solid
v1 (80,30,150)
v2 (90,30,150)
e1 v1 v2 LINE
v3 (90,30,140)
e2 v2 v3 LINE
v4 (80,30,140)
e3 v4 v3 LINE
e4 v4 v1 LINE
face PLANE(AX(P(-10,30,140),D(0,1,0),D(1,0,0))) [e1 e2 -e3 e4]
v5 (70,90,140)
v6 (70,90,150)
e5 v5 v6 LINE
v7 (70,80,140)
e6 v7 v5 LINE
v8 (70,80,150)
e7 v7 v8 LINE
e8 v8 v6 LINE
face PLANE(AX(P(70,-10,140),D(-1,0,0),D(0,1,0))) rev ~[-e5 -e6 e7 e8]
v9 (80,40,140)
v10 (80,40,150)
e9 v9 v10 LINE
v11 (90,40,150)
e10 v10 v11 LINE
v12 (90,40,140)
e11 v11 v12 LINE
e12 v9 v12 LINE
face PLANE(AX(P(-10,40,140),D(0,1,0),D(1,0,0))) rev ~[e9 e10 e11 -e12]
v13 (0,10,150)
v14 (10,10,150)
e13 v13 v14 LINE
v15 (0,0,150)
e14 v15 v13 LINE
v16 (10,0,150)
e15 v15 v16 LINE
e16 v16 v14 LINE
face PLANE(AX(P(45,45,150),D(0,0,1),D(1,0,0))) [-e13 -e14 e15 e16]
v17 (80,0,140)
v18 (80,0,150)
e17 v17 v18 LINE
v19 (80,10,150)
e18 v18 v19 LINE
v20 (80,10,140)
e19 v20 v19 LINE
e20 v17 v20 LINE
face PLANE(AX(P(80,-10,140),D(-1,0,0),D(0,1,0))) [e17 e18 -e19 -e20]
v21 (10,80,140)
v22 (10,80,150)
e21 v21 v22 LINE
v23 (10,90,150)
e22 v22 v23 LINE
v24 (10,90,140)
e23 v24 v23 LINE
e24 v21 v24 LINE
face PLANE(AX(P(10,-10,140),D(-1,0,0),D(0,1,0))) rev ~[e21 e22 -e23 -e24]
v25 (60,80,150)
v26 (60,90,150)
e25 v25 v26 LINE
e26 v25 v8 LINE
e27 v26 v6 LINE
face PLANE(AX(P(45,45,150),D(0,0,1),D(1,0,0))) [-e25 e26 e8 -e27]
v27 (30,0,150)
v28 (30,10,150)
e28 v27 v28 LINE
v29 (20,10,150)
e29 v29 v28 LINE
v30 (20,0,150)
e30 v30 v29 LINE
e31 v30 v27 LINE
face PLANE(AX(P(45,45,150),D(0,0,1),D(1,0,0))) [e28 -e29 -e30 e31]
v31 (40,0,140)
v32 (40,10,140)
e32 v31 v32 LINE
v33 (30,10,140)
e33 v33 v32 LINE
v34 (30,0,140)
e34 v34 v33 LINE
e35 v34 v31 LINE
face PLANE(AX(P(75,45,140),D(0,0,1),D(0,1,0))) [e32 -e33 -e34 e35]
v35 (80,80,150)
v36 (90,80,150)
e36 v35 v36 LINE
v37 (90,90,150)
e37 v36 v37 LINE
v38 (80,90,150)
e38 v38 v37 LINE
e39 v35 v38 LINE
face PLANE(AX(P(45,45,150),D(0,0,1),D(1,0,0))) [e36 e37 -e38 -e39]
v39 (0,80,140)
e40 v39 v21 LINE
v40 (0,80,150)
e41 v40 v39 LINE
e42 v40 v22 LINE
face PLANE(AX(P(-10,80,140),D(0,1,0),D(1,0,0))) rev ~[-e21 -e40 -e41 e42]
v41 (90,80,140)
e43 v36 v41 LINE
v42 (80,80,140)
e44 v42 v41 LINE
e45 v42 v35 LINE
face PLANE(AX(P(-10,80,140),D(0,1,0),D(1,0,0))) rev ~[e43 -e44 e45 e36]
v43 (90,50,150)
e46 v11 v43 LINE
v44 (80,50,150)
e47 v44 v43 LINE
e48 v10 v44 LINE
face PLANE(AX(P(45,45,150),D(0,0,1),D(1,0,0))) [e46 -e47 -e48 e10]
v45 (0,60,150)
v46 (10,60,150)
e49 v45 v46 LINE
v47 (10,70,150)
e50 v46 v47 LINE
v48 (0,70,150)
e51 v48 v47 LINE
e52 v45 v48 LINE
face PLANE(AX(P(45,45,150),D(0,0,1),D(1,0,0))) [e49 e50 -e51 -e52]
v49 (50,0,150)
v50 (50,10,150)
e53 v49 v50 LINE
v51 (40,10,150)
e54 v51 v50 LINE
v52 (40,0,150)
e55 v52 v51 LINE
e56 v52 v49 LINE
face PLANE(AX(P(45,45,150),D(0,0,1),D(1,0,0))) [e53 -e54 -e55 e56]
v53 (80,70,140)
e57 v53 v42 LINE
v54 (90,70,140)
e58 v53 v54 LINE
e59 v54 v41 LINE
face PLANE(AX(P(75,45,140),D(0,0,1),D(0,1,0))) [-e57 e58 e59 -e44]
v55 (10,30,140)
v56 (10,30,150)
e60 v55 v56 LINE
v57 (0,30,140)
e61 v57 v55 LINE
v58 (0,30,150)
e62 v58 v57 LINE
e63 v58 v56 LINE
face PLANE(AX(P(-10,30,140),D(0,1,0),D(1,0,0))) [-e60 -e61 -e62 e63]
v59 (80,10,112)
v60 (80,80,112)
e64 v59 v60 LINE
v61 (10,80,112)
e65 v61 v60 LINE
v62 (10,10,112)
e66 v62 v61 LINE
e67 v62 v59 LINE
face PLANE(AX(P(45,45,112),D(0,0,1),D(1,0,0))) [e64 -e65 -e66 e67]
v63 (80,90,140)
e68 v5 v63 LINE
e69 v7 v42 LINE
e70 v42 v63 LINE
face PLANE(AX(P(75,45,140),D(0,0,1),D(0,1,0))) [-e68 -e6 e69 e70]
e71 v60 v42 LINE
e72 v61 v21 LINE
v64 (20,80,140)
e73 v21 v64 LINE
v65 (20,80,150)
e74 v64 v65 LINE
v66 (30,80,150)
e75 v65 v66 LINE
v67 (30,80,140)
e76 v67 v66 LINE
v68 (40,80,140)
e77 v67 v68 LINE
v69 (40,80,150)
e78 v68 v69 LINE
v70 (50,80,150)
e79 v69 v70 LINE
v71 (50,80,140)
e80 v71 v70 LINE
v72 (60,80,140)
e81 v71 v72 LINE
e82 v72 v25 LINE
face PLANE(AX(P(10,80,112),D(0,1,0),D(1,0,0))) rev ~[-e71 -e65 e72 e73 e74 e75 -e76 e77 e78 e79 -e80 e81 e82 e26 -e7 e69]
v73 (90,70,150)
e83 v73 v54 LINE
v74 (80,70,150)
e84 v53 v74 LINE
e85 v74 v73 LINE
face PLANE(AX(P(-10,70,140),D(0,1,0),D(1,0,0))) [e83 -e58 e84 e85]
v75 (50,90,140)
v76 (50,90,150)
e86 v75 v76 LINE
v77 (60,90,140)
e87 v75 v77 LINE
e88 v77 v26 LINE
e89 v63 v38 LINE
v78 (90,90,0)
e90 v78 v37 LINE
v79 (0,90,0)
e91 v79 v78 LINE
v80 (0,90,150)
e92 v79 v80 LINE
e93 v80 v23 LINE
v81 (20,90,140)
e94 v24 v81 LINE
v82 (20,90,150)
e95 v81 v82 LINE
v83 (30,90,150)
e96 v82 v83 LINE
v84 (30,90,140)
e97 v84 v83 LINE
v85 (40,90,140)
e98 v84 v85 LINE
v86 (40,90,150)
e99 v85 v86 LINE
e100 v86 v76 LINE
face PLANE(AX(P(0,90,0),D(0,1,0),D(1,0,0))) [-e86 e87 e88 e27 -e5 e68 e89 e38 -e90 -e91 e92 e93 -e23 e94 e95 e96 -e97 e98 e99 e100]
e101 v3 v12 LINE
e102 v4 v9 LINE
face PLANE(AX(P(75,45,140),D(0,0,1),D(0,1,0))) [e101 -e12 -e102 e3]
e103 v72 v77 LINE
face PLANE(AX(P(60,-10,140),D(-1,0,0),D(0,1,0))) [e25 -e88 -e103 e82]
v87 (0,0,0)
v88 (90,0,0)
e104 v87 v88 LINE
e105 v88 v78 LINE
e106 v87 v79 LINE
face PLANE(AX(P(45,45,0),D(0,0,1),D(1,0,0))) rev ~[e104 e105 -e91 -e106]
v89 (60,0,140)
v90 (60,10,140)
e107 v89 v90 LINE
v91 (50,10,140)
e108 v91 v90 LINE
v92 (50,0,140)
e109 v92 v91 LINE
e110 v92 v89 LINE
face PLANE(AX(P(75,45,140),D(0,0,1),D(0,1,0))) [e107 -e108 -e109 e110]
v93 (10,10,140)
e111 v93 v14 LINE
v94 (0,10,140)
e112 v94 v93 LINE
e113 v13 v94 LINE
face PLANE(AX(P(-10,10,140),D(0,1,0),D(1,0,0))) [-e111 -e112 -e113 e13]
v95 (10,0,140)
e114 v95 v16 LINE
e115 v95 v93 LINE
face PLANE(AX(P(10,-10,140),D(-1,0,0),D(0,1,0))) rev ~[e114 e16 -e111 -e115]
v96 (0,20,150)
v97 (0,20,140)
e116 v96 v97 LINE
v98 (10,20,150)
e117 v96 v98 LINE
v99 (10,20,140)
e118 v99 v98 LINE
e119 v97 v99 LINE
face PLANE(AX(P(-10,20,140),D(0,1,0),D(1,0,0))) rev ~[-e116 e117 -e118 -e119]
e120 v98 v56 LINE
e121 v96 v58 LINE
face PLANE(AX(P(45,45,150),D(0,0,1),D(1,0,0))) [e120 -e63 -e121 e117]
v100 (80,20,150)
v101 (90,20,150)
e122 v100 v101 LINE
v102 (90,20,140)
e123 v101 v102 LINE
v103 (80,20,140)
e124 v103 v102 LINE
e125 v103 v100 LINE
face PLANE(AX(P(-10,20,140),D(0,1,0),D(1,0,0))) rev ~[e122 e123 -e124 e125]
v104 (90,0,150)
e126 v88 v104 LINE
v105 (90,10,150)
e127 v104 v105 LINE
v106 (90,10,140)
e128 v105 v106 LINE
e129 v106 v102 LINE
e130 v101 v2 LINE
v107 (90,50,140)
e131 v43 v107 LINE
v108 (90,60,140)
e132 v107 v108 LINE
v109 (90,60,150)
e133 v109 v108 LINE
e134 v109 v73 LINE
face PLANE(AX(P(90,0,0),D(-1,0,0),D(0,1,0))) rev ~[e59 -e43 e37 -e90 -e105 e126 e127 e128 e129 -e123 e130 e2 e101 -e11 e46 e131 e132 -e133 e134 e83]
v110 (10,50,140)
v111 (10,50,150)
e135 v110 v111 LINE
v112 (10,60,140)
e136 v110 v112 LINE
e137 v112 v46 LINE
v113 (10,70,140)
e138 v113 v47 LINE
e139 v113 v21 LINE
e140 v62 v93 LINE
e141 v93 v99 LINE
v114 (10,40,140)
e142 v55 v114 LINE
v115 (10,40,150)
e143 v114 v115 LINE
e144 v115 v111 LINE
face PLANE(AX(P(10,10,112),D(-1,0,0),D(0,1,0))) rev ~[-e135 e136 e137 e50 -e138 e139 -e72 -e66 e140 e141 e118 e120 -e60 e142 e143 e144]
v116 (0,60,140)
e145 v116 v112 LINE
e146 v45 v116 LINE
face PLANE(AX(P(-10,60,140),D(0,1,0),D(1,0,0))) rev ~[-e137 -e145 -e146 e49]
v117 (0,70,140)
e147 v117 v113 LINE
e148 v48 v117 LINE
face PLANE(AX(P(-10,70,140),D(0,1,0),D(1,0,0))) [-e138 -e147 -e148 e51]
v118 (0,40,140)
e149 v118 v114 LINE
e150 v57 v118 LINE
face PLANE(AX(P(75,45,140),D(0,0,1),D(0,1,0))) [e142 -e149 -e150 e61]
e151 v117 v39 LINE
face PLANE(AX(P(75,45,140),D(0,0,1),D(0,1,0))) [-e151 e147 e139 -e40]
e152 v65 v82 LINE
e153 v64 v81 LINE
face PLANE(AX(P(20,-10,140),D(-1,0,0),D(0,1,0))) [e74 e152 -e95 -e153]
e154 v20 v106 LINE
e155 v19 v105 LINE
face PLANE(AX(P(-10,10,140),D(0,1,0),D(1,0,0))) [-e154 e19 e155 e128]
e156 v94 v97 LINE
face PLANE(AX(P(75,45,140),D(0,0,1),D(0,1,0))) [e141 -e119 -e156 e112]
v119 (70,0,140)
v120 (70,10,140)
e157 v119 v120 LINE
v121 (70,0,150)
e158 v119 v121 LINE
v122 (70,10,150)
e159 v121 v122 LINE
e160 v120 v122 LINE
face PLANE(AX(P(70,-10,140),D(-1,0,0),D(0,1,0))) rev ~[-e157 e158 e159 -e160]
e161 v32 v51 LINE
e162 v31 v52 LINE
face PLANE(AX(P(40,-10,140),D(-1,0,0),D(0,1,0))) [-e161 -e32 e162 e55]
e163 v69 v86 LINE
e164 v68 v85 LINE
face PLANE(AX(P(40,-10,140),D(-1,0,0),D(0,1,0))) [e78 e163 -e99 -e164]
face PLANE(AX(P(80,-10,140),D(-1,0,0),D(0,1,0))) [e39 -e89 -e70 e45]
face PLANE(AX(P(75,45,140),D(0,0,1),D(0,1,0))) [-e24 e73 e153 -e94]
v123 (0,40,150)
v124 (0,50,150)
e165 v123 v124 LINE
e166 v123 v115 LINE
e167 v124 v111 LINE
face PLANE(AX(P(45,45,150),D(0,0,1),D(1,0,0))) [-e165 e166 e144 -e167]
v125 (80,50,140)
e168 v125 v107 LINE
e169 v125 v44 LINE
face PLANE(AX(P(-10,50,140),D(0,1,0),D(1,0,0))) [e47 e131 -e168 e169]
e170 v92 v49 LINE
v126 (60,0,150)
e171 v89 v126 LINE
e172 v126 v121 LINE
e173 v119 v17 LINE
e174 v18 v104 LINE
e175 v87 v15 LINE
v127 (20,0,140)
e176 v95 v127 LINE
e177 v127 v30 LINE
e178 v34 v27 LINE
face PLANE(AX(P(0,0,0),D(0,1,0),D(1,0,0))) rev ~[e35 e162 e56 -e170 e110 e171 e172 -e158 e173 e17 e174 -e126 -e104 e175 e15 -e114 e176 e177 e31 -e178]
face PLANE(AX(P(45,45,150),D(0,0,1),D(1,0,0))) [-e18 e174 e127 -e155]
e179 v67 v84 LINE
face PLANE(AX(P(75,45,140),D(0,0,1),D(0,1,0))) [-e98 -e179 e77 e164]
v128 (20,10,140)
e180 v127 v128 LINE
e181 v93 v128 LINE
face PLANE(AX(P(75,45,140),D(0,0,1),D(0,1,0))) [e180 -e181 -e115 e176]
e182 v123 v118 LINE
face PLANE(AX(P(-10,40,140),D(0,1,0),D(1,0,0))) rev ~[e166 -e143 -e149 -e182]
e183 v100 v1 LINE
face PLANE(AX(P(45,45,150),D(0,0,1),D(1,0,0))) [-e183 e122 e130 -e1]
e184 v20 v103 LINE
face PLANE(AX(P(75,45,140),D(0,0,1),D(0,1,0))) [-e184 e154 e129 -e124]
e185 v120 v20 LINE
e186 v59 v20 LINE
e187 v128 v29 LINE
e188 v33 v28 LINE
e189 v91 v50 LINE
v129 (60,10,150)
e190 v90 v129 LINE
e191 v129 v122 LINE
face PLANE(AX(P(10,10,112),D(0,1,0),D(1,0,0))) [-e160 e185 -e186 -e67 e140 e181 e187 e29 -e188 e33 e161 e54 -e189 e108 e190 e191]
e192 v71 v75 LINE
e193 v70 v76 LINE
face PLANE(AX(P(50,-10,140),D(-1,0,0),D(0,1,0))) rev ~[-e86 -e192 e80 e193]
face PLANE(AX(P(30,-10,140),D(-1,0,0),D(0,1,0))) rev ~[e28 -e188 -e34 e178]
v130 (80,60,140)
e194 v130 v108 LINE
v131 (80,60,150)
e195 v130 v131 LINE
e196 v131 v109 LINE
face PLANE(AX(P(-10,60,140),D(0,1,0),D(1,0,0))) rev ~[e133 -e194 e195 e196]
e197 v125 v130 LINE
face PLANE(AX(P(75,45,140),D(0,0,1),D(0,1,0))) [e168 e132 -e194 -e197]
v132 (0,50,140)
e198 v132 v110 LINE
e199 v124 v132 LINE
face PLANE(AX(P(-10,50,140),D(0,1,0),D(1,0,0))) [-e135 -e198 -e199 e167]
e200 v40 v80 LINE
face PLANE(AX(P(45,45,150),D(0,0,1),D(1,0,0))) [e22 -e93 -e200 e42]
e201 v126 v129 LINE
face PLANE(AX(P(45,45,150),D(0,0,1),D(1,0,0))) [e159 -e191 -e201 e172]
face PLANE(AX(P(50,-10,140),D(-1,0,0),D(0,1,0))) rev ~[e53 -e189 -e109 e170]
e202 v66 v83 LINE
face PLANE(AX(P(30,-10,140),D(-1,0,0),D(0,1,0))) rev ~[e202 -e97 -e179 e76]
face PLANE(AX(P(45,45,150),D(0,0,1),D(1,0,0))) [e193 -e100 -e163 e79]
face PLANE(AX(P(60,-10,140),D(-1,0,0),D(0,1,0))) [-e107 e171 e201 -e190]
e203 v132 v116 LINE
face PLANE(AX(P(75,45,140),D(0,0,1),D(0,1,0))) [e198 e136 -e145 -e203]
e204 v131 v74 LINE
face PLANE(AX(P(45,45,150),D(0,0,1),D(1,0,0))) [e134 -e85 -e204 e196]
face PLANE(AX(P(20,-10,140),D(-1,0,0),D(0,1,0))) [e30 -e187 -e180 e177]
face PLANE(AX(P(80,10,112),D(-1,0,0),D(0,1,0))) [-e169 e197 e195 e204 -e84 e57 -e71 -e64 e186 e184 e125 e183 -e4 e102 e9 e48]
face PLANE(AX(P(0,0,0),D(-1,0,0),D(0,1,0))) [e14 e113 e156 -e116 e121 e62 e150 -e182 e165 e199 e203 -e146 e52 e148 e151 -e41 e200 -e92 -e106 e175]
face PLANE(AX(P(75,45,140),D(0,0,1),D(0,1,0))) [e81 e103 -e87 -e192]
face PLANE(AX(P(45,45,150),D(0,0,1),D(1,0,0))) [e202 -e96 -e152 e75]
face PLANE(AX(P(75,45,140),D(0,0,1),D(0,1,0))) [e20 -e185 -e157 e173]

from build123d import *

# Parameters (mm, degrees)
BOX001_W                 = 110
BOX001_H                 = 10
BOX001_DEPTH             = 10
ARRAY001_Y_COUNT         = 4
ARRAY001_Y_PITCH         = 20
ARRAY001_PLACEMENT_ANGLE = 90
BOX_W                    = 110
BOX_H                    = 10
BOX_DEPTH                = 10
ARRAY_Y_COUNT            = 4
ARRAY_Y_PITCH            = 20
BOX003_W                 = 70
BOX003_H                 = 70
BOX003_DEPTH             = 60
BOX002_W                 = 90
BOX002_H                 = 90
BOX002_DEPTH             = 150


with BuildPart() as array001:
    # Box001 → Box001 (new body)
    with BuildSketch(Plane.XY):
        with Locations((55, 5)):
            Rectangle(BOX001_W, BOX001_H)
    extrude(amount=BOX001_DEPTH)

    # Array001 Y: Array001 ×4


with BuildPart() as array001_1:
    add(array001.part)
    with Locations(*[(0, i * ARRAY001_Y_PITCH, 0) for i in range(1, ARRAY001_Y_COUNT)]):
        add(array001.part)


with BuildPart() as array001_2:
    # Array001 placement: moved
    add(array001_1.part.moved(Location((90, -20, 0))).rotate(Axis((90, -20, 0), (0, 0, 1)), ARRAY001_PLACEMENT_ANGLE))


with BuildPart() as fusion:
    # Box → Box (new body)
    with BuildSketch(Plane.XY):
        with Locations((55, 5)):
            Rectangle(BOX_W, BOX_H)
    extrude(amount=BOX_DEPTH)

    # Array Y: Fusion ×4


with BuildPart() as fusion_1:
    add(fusion.part)
    with Locations(*[(0, i * ARRAY_Y_PITCH, 0) for i in range(1, ARRAY_Y_COUNT)]):
        add(fusion.part)

    # Fusion: union Array001
    add(array001_2.part)


with BuildPart() as fusion_2:
    # Fusion placement: moved
    add(fusion_1.part.moved(Location((-10, 10, 140))))


with BuildPart() as cub002:
    # Box003 → Box003 (new body)
    with BuildSketch(Plane(origin=(10, 10, 112), x_dir=(1, 0, 0), z_dir=(0, 0, 1))):
        with Locations((35, 35)):
            Rectangle(BOX003_W, BOX003_H)
    extrude(amount=BOX003_DEPTH)


with BuildPart() as tower_with_battelment:
    # Box002 → Box002 (new body)
    with BuildSketch(Plane.XY):
        with Locations((45, 45)):
            Rectangle(BOX002_W, BOX002_H)
    extrude(amount=BOX002_DEPTH)

    # Cut: cut Cub002
    add(cub002.part, mode=Mode.SUBTRACT)

    # Cut001: cut Fusion
    add(fusion_2.part, mode=Mode.SUBTRACT)


solid = tower_with_battelment.part
